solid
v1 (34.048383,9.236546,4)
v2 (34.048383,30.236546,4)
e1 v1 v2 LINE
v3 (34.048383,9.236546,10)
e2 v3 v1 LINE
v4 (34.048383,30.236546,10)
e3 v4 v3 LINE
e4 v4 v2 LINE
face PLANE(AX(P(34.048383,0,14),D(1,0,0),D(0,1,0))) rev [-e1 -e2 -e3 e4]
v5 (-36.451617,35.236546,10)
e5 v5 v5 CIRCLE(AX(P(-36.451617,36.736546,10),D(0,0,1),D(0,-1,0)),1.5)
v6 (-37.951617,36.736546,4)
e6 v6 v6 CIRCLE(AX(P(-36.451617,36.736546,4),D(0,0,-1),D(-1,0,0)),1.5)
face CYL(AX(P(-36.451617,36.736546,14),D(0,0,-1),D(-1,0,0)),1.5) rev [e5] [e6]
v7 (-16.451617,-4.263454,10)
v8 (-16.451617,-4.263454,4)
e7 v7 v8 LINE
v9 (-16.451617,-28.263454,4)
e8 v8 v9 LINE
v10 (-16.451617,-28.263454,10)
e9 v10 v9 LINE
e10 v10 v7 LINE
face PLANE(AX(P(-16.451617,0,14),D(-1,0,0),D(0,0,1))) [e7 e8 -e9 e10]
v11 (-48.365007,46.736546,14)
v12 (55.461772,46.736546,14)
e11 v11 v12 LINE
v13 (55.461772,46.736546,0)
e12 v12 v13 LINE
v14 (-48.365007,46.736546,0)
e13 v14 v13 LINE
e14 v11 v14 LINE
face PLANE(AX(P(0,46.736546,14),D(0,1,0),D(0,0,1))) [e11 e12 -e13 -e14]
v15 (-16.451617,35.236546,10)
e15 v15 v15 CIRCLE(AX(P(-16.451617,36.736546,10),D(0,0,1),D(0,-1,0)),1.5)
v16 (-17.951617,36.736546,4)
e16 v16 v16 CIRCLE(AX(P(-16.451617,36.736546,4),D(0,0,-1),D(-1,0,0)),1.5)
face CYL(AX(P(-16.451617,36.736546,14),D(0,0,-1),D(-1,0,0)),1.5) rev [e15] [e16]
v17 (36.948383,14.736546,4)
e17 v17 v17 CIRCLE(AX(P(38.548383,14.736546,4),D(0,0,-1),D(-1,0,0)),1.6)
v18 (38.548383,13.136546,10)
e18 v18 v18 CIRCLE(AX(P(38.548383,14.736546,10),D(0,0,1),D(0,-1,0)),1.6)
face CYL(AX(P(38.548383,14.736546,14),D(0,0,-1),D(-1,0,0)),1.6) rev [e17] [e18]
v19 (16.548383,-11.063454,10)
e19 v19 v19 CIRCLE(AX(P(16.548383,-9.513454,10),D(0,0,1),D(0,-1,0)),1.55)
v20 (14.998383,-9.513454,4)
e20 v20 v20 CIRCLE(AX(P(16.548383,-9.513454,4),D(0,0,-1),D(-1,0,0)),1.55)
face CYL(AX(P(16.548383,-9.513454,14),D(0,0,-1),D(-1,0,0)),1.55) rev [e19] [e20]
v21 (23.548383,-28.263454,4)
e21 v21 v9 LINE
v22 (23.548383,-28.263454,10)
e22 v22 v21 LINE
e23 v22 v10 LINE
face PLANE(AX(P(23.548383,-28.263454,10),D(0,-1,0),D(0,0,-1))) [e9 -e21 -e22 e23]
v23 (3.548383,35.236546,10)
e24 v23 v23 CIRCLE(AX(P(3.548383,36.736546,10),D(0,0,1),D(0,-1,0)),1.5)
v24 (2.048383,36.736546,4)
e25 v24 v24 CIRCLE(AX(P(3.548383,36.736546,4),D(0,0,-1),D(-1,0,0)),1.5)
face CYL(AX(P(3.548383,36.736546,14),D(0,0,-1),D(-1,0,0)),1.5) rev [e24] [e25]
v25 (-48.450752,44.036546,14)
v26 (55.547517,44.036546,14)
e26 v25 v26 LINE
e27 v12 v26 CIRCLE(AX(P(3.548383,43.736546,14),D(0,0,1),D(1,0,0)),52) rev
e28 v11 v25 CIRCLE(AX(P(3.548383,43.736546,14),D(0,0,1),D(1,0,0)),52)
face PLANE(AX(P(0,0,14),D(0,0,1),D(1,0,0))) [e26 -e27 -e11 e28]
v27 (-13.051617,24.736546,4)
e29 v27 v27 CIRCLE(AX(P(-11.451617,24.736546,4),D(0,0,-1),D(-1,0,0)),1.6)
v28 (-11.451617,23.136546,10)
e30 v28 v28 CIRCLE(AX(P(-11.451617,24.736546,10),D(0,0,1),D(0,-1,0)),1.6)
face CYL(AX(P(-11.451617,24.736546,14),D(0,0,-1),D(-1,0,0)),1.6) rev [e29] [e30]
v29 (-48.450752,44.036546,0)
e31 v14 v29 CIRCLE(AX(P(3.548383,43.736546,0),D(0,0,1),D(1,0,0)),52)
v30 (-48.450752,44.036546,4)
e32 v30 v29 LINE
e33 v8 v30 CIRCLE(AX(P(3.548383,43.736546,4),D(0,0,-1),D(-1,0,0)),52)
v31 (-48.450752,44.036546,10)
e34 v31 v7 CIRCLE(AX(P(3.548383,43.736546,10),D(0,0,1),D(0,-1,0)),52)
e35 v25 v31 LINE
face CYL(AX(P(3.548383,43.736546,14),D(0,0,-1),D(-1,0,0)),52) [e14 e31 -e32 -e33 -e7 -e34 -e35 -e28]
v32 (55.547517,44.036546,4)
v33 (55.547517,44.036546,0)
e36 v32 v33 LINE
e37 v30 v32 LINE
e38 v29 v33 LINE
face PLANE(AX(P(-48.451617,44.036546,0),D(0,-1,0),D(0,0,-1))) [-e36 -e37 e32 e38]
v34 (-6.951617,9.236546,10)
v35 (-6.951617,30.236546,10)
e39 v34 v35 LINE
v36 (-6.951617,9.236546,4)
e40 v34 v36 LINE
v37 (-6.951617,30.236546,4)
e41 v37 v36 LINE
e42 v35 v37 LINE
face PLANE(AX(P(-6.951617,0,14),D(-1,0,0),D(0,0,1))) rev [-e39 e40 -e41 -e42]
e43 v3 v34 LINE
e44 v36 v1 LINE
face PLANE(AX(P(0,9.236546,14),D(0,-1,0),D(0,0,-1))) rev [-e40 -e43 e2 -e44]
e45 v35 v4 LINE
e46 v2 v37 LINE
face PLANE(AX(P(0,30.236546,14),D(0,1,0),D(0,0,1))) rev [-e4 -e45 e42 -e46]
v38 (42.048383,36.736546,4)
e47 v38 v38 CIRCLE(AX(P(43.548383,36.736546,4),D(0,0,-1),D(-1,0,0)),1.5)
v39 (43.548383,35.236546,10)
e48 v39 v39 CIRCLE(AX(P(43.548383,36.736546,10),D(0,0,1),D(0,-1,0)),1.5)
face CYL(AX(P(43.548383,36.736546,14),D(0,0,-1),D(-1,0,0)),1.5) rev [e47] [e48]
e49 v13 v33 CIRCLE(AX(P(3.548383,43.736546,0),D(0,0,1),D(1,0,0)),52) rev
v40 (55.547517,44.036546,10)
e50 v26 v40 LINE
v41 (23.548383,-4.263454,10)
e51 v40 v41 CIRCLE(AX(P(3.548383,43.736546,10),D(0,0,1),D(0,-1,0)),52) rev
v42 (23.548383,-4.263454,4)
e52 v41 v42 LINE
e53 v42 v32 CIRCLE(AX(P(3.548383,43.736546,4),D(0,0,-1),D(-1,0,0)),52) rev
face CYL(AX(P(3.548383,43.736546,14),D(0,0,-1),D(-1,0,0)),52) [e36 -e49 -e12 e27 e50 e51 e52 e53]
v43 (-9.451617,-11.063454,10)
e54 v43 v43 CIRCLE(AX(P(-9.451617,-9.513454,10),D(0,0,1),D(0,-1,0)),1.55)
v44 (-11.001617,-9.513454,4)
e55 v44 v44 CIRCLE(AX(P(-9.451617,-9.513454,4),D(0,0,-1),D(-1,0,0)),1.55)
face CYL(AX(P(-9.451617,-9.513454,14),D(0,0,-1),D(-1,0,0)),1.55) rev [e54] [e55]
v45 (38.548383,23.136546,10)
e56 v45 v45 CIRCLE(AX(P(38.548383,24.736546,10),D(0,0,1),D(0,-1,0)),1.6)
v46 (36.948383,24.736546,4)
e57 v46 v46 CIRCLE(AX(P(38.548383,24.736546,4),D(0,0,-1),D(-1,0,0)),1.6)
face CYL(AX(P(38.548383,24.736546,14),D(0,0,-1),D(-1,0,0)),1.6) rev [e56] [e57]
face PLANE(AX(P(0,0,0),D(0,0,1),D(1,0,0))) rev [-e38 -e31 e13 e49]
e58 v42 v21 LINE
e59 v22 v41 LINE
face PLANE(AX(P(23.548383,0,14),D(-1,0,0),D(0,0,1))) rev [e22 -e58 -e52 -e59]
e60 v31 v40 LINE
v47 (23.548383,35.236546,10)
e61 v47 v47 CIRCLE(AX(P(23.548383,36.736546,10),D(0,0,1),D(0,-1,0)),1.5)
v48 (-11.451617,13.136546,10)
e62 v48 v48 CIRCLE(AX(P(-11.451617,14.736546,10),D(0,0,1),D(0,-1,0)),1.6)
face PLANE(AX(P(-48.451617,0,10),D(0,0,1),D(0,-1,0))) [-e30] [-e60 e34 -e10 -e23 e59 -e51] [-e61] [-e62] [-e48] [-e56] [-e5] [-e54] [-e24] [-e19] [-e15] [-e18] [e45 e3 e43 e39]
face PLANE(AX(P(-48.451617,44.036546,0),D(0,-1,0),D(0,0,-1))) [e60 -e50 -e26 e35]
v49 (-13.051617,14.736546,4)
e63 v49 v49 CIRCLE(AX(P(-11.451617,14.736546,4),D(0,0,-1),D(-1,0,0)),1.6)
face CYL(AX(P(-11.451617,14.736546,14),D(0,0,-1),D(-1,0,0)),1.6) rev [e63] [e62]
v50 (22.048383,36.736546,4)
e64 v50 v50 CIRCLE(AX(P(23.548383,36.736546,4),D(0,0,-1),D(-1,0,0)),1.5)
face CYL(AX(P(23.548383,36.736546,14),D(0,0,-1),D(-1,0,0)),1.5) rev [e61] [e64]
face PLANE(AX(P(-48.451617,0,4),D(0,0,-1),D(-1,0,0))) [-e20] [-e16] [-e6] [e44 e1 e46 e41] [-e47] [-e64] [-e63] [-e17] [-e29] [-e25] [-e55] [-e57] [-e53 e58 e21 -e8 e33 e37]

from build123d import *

# Parameters (mm, degrees)
SKETCH_1_R               = 1.6
SKETCH_1_R_2             = 1.5
SKETCH_1_W               = 41
SKETCH_1_H               = 21
EXTRUDE_1_DEPTH          = 14
CUT_EXTRUDE_1_DEPTH      = 87.973011371
CUT_EXTRUDE_1_DEPTH_BACK = 87.973011371
SKETCH_2_W               = 4
SKETCH_2_H               = 20
SKETCH_2_H_2             = 48.3
SKETCH_3_W               = 40
SKETCH_3_H               = 4
EXTRUDE_2_DEPTH          = 6
CUT_EXTRUDE_2_DEPTH      = 74.279789476
CUT_EXTRUDE_2_DEPTH_BACK = 74.279789476
SKETCH_4_R               = 1.55


with BuildPart() as part:
    # 草图1 → 凸台-拉伸1 (new body)
    with BuildSketch(Plane.XY):
        with BuildLine():
            Line((55.461772272, 46.736545732), (-48.365006547, 46.736545732))
            ThreePointArc((-48.365006547, 46.736545732), (-48.408359148, 45.857149327), (-48.436816123, 44.977144959))
            ThreePointArc((-48.436816123, 44.977144959), (-48.447916752, 44.35688949), (-48.451617137, 43.736545732))
            ThreePointArc((-48.451617137, 43.736545732), (-39.718232443, 14.892135528), (-16.451617137, -4.263454268))
            Line((-16.451617137, -4.263454268), (-16.451617137, -8.263454268))
            Line((-16.451617137, -8.263454268), (-16.451617137, -24.263454268))
            Line((-16.451617137, -24.263454268), (23.548382863, -24.263454268))
            Line((23.548382863, -24.263454268), (23.548382863, -8.263454268))
            Line((23.548382863, -8.263454268), (23.548382863, -4.263454268))
            ThreePointArc((23.548382863, -4.263454268), (46.814998168, 14.892135528), (55.548382863, 43.736545732))
            ThreePointArc((55.548382863, 43.736545732), (55.526725705, 45.237170718), (55.461772272, 46.736545732))
        make_face()
        with Locations((-11.451617137, 14.736545732)):
            Circle(SKETCH_1_R, mode=Mode.SUBTRACT)
        with Locations((-11.451617137, 24.736545732)):
            Circle(SKETCH_1_R, mode=Mode.SUBTRACT)
        with Locations((-36.451617137, 36.736545732)):
            Circle(SKETCH_1_R_2, mode=Mode.SUBTRACT)
        with Locations((-16.451617137, 36.736545732)):
            Circle(SKETCH_1_R_2, mode=Mode.SUBTRACT)
        with Locations((13.548382863, 19.736545732)):
            Rectangle(SKETCH_1_W, SKETCH_1_H, mode=Mode.SUBTRACT)
        with Locations((38.548382863, 14.736545732)):
            Circle(SKETCH_1_R, mode=Mode.SUBTRACT)
        with Locations((38.548382863, 24.736545732)):
            Circle(SKETCH_1_R, mode=Mode.SUBTRACT)
        with Locations((3.548382863, 36.736545732)):
            Circle(SKETCH_1_R_2, mode=Mode.SUBTRACT)
        with Locations((23.548382863, 36.736545732)):
            Circle(SKETCH_1_R_2, mode=Mode.SUBTRACT)
        with Locations((43.548382863, 36.736545732)):
            Circle(SKETCH_1_R_2, mode=Mode.SUBTRACT)
    extrude(amount=EXTRUDE_1_DEPTH)

    # 草图2 → 切除-拉伸1 (cut, two sides: drawn at the far end of the back side and taken through both)
    with BuildSketch(Plane(origin=(23.548382863, 0, 0), x_dir=(0, 0, -1), z_dir=(1, 0, 0)).offset(-CUT_EXTRUDE_1_DEPTH_BACK)):
        with Locations((-12, -14.263454268)):
            Rectangle(SKETCH_2_W, SKETCH_2_H)
        with Locations((-12, 19.886545732)):
            Rectangle(SKETCH_2_W, SKETCH_2_H_2)
        with Locations((-2, 19.886545732)):
            Rectangle(SKETCH_2_W, SKETCH_2_H_2)
        with Locations((-2, -14.263454268)):
            Rectangle(SKETCH_2_W, SKETCH_2_H)
    extrude(amount=CUT_EXTRUDE_1_DEPTH + CUT_EXTRUDE_1_DEPTH_BACK, mode=Mode.SUBTRACT)

    # 草图3 → 凸台-拉伸2 (add)
    with BuildSketch(Plane(origin=(0, 0, 4), x_dir=(-1, 0, 0), z_dir=(0, 0, -1))):
        with Locations((-3.548382863, -26.263454268)):
            Rectangle(SKETCH_3_W, SKETCH_3_H)
    extrude(amount=-EXTRUDE_2_DEPTH)

    # 草图4 → 切除-拉伸2 (cut, two sides: drawn at the far end of the back side and taken through both)
    with BuildSketch(Plane(origin=(0, 0, 4), x_dir=(-1, 0, 0), z_dir=(0, 0, -1)).offset(-CUT_EXTRUDE_2_DEPTH_BACK)):
        with Locations((-16.548382863, -9.513454268)):
            Circle(SKETCH_4_R)
        with Locations((9.451617137, -9.513454268)):
            Circle(SKETCH_4_R)
    extrude(amount=CUT_EXTRUDE_2_DEPTH + CUT_EXTRUDE_2_DEPTH_BACK, mode=Mode.SUBTRACT)


solid = part.part
